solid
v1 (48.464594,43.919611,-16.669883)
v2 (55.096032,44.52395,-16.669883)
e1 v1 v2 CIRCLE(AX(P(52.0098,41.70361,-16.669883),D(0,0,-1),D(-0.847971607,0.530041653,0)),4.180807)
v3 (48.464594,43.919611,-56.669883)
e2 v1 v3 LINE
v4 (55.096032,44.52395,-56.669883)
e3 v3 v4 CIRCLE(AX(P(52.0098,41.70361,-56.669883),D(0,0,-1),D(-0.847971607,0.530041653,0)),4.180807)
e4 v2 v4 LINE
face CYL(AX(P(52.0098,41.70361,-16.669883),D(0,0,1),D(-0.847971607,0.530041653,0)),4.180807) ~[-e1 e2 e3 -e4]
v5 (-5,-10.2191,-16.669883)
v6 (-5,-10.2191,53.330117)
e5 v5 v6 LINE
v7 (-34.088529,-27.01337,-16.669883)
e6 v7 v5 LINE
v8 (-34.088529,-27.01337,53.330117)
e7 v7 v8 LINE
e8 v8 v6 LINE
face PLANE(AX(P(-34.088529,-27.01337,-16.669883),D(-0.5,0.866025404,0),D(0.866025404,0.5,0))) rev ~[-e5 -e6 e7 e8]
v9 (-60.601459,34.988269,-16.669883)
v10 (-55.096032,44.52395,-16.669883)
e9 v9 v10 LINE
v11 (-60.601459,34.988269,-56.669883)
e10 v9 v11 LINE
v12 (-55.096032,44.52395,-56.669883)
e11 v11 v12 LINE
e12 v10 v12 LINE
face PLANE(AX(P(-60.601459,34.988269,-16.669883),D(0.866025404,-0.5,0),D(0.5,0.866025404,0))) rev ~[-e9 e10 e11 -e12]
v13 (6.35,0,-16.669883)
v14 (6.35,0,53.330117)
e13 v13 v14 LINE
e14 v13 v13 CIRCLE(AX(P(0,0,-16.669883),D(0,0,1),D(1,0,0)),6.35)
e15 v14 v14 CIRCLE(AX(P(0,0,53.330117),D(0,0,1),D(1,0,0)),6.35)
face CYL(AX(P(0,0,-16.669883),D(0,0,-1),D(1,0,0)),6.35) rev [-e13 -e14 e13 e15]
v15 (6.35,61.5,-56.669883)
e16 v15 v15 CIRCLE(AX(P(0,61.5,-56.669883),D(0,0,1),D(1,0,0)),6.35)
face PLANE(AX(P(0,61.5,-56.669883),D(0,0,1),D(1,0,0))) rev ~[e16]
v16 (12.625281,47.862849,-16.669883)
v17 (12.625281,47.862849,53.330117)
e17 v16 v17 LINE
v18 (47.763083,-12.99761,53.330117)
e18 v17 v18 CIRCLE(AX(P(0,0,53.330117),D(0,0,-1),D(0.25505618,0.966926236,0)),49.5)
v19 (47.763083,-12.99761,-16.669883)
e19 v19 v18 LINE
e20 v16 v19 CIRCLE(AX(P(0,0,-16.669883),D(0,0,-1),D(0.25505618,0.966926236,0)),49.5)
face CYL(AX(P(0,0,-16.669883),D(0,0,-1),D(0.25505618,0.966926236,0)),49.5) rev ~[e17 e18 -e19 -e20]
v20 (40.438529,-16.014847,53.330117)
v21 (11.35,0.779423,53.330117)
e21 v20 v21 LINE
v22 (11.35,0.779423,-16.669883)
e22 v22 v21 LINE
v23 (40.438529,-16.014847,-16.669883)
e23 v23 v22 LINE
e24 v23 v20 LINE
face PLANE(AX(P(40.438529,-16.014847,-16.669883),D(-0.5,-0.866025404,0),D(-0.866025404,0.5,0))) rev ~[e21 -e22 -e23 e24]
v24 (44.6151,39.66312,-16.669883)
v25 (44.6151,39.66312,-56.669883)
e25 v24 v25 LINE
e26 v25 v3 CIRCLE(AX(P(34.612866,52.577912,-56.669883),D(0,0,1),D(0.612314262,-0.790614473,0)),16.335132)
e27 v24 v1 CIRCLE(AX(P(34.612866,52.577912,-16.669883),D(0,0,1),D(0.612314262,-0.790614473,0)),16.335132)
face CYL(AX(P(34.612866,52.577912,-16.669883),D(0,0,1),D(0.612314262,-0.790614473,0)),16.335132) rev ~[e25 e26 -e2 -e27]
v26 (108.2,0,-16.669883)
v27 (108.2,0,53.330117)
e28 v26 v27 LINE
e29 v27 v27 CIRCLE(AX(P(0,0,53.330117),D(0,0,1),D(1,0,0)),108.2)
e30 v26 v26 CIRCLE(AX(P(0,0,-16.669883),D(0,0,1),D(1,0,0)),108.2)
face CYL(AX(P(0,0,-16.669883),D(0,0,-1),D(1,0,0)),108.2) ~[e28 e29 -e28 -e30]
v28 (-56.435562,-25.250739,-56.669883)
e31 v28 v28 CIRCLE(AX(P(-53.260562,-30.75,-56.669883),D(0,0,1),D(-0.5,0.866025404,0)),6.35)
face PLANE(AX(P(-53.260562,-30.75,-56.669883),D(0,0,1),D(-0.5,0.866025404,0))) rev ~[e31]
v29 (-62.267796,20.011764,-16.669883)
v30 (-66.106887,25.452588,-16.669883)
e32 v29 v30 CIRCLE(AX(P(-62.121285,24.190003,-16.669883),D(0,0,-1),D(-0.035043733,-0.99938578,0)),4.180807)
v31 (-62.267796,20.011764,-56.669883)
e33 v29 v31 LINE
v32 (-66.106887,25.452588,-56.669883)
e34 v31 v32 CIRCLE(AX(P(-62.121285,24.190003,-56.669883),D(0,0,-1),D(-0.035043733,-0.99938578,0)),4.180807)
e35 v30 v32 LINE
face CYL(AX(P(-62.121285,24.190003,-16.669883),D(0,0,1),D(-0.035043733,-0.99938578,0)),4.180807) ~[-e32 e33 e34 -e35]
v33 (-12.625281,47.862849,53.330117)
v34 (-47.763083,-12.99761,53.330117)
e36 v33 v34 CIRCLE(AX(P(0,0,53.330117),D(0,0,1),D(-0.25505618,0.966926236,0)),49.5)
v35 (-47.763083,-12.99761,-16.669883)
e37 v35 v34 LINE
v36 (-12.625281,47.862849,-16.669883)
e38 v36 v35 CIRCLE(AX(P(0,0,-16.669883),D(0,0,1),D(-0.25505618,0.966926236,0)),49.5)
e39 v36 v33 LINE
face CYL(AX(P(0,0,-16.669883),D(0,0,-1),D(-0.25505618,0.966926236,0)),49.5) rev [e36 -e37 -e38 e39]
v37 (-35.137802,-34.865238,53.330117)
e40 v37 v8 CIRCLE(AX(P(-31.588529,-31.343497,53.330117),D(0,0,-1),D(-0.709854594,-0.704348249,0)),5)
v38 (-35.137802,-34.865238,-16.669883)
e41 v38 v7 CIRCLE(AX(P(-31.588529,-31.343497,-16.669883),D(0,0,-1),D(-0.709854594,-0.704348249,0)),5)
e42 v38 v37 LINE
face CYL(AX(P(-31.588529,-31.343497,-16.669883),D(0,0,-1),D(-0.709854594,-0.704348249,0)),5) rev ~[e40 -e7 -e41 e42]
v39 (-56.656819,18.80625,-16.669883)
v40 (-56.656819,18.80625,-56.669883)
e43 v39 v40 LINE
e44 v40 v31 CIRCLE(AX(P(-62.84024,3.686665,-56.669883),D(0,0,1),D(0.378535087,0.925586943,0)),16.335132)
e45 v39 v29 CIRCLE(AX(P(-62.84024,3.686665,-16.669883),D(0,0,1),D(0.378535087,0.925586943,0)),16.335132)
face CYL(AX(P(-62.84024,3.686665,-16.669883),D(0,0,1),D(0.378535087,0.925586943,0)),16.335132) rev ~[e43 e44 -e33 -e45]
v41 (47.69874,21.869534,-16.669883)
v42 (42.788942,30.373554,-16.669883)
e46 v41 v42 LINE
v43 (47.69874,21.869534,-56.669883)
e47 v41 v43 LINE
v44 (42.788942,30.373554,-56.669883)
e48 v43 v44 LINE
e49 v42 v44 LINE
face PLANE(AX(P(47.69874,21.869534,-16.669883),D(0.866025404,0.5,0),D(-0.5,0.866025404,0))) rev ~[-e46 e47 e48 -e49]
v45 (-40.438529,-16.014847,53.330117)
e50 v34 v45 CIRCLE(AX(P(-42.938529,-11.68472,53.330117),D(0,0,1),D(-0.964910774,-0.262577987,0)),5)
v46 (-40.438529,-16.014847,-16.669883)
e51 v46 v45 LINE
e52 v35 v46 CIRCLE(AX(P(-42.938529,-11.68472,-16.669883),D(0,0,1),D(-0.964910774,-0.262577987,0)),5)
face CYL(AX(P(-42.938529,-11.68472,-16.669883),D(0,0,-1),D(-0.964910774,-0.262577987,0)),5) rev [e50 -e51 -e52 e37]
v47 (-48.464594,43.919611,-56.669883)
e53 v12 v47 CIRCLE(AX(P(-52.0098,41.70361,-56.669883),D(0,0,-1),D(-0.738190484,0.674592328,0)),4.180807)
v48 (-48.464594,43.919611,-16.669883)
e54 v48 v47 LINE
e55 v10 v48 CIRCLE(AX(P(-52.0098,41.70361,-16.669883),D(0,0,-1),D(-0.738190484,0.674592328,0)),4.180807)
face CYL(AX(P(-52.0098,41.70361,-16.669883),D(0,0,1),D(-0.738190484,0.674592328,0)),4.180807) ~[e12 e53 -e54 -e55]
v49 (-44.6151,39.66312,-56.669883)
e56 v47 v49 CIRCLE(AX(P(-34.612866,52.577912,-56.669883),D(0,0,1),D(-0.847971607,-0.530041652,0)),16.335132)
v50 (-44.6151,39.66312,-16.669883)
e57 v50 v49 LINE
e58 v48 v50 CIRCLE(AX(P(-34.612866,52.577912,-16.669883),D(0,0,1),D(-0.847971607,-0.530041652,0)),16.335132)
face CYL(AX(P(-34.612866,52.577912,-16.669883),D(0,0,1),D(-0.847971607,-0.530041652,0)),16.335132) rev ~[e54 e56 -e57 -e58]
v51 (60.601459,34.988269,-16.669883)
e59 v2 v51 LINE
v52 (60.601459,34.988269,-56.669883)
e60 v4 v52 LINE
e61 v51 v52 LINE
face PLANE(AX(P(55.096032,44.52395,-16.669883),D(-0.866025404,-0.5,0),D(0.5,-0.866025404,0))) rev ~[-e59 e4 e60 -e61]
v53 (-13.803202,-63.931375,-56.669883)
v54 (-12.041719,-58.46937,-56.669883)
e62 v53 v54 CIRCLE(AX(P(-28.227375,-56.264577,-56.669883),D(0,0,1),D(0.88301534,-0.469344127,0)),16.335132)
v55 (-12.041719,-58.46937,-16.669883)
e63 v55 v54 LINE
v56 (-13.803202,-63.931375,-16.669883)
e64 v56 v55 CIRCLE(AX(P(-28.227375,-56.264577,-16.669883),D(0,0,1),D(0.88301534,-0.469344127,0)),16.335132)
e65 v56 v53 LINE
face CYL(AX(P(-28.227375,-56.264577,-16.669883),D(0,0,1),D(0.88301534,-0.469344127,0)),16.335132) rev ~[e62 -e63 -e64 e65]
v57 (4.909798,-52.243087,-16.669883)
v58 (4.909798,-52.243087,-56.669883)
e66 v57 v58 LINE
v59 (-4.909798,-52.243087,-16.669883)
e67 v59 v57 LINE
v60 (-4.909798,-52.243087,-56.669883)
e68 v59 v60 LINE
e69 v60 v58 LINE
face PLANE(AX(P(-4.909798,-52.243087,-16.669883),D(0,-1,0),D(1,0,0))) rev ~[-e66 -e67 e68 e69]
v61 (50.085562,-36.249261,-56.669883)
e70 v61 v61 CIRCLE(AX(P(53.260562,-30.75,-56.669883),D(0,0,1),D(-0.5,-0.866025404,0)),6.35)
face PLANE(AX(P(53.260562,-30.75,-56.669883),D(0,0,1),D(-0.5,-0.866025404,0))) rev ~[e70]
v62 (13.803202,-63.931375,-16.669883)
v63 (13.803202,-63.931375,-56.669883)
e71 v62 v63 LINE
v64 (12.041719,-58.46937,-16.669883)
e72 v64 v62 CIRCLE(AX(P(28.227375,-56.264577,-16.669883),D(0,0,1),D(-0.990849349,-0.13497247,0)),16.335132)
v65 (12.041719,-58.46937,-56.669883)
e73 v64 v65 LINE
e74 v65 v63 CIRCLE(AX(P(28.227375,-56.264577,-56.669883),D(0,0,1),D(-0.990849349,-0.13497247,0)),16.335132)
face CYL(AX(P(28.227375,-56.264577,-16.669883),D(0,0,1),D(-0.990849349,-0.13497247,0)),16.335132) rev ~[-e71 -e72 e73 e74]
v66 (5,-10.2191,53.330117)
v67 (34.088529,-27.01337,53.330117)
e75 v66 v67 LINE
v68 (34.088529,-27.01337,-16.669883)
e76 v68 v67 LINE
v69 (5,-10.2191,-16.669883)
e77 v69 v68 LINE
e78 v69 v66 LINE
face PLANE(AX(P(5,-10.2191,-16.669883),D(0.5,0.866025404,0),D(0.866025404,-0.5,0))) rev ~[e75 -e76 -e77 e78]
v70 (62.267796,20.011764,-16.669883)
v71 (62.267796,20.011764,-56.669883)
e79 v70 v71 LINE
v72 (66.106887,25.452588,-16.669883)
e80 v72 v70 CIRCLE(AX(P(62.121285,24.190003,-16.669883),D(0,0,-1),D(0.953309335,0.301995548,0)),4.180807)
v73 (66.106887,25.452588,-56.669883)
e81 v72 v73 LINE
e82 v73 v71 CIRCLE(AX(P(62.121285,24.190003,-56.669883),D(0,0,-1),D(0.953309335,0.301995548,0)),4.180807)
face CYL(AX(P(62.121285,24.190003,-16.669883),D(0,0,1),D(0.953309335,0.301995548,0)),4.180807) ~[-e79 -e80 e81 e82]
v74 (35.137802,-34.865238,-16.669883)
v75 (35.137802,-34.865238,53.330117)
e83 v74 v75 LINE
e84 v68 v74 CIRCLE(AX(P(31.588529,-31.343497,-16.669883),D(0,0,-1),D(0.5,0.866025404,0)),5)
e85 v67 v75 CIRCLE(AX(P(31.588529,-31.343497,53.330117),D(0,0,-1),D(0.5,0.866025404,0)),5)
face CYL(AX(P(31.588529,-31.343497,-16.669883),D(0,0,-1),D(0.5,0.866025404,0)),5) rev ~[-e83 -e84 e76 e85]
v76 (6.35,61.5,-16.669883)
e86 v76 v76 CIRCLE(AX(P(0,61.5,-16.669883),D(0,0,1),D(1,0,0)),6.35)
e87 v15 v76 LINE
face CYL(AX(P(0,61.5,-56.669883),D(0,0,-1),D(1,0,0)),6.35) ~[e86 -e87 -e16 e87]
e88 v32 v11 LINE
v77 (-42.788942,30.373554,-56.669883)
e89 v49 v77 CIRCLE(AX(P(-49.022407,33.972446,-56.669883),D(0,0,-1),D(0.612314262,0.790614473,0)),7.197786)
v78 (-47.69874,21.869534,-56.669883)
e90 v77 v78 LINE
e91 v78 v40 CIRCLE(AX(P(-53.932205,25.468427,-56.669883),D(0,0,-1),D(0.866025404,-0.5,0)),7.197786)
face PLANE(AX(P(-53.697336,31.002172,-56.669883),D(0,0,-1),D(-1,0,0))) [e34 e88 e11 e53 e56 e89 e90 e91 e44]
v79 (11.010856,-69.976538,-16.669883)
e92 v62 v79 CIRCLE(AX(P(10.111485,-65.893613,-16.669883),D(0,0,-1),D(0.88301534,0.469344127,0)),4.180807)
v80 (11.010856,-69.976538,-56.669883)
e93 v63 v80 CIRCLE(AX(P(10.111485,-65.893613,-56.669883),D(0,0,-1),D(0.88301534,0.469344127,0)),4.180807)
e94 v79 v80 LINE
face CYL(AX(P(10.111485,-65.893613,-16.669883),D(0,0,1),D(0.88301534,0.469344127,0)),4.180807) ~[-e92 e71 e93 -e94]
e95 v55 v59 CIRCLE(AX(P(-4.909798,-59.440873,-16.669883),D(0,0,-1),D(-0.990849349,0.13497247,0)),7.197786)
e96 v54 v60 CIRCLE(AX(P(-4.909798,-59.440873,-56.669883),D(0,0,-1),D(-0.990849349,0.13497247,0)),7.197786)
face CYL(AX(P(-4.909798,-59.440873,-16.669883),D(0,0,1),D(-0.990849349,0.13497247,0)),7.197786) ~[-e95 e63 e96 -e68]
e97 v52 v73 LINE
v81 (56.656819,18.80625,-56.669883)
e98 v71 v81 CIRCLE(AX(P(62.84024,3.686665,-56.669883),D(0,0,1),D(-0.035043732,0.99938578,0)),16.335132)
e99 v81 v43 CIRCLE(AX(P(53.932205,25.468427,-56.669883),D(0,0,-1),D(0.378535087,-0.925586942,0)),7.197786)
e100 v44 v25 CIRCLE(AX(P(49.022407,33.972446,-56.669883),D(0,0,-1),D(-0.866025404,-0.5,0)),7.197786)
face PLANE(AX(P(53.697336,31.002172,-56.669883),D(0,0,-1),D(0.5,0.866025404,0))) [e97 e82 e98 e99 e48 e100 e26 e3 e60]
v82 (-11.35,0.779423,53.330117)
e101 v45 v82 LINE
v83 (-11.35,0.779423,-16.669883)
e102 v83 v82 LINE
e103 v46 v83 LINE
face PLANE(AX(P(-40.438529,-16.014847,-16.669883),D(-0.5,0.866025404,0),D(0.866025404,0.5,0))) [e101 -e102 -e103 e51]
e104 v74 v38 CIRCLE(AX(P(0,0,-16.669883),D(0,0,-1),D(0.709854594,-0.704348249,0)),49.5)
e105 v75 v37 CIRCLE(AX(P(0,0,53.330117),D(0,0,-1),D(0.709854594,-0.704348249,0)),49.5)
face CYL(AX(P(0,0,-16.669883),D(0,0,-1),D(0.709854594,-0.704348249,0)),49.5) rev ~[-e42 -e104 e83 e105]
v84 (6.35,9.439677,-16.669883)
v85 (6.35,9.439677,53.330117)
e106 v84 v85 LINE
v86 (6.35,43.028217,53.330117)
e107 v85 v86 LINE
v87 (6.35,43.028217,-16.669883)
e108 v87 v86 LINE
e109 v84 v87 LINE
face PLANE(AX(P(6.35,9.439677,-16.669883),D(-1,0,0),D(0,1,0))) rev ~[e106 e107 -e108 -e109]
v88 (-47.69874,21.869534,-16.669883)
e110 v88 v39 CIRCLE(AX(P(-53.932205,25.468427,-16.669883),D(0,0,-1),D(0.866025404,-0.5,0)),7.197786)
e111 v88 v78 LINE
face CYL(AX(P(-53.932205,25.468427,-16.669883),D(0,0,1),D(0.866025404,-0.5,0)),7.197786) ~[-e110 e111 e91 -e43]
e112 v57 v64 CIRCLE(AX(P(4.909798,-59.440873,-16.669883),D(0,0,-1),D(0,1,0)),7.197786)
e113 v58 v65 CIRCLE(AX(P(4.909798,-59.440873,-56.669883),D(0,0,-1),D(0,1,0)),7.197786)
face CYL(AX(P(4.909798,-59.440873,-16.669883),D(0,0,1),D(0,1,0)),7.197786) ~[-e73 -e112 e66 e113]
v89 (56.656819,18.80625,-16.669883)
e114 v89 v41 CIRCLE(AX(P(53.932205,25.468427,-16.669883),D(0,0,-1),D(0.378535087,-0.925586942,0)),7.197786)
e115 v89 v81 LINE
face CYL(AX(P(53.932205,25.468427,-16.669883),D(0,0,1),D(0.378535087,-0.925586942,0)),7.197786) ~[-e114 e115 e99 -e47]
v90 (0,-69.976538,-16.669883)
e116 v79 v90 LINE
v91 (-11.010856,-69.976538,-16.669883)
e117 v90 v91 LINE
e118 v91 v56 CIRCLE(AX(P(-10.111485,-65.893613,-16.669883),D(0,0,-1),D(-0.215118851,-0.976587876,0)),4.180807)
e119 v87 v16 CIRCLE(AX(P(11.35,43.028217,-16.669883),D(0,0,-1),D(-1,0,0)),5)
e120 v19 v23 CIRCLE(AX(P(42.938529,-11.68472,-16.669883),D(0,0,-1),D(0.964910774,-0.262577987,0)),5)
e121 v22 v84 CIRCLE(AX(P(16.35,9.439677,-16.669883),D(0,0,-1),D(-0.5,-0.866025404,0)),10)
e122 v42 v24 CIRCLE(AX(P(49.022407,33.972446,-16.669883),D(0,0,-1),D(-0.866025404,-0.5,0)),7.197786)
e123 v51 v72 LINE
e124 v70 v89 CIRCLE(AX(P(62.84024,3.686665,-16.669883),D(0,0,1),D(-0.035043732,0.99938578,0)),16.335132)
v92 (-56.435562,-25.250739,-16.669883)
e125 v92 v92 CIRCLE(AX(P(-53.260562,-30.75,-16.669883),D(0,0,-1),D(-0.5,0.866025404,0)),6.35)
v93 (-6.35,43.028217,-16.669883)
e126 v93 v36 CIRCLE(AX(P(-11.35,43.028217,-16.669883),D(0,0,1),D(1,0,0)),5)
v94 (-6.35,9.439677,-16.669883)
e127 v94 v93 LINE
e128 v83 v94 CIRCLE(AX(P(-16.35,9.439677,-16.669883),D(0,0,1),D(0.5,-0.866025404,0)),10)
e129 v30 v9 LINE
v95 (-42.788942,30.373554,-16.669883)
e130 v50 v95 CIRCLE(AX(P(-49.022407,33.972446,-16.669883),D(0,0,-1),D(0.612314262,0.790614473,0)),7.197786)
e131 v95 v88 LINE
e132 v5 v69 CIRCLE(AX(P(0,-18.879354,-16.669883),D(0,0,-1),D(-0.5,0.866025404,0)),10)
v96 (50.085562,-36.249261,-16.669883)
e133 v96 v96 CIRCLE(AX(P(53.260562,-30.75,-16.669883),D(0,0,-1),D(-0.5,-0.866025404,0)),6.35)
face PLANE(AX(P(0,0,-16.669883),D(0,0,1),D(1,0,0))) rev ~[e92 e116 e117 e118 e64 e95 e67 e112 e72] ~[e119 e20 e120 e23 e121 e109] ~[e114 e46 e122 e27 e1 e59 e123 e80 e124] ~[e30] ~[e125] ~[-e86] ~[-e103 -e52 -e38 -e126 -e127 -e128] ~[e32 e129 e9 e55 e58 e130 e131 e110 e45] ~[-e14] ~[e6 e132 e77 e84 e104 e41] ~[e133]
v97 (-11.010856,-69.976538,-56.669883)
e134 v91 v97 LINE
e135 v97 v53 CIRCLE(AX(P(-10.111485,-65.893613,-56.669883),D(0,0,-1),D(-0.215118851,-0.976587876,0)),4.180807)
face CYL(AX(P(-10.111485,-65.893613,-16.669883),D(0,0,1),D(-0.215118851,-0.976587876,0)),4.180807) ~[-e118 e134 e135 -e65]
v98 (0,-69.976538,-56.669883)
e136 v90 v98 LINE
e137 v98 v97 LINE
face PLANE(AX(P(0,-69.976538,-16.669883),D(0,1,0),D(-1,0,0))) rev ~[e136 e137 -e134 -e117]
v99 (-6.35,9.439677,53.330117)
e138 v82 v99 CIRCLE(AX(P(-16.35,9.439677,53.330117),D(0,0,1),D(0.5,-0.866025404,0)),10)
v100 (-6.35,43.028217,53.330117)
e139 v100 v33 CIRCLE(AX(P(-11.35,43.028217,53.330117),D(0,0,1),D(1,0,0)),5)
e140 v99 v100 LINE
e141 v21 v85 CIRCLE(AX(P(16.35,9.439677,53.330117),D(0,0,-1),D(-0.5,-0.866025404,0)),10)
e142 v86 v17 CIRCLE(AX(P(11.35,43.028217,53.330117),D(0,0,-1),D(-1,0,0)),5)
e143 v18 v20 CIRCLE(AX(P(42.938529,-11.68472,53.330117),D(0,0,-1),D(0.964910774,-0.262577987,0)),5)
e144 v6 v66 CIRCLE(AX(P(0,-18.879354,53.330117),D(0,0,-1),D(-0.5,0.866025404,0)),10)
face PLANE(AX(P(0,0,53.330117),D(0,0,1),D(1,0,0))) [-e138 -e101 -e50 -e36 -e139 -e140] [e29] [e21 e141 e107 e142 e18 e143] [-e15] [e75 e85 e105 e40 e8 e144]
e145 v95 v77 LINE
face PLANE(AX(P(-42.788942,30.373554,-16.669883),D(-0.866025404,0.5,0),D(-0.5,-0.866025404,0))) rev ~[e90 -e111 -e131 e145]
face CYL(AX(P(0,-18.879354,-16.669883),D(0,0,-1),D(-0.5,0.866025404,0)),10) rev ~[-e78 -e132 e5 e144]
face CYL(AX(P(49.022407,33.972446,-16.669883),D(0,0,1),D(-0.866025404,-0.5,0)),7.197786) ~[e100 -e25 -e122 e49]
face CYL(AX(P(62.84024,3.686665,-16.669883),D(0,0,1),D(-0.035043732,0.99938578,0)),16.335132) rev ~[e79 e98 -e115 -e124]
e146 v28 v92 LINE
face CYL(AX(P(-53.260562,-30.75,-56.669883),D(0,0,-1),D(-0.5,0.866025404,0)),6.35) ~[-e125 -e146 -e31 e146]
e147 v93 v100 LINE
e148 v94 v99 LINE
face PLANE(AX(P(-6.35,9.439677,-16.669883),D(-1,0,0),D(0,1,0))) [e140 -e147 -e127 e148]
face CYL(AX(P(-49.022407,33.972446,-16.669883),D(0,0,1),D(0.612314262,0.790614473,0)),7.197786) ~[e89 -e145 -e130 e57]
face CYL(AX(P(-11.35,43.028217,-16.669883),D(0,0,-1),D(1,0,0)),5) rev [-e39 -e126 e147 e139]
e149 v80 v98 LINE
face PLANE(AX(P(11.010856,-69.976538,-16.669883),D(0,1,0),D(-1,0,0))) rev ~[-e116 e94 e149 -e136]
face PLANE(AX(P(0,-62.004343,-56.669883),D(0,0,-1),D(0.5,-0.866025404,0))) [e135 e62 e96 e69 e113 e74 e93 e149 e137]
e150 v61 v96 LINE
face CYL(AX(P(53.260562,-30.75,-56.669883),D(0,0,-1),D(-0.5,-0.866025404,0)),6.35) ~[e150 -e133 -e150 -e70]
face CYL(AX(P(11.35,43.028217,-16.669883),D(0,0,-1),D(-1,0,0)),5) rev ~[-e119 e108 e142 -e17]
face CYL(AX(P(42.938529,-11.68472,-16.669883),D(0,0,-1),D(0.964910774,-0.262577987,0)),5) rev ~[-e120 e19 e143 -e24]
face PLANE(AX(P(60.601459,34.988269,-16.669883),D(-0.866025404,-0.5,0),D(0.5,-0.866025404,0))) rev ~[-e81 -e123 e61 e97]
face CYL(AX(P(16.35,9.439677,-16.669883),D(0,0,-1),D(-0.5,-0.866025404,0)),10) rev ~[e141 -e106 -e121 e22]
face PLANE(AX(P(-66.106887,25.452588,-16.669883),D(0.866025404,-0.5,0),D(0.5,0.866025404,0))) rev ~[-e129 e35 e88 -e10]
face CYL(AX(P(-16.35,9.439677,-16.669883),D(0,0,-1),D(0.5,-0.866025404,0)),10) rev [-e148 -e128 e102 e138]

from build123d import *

# Parameters (mm, degrees)
SKETCH1_R                    = 54.1
SKETCH1_R_2                  = 3.175
BOSS_EXTRUDE1_DEPTH          = 35
BOSS_EXTRU_3_START           = -35
BOSS_EXTRU_3_DEPTH           = 20
R_P_TITION_CIRCULAIRE3_COUNT = 3
BOSS_EXTRU_4_START           = -55
ESQUISSE3_R                  = 3.175
BOSS_EXTRU_4_DEPTH           = 55
R_P_TITION_CIRCULAIRE4_COUNT = 3
ECHELLE1_SCALE               = 2


with BuildPart() as part:
    # Sketch1 → Boss-Extrude1 (new body)
    with BuildSketch(Plane.XY):
        Circle(SKETCH1_R)
        with Locations((0, 30.75)):
            Circle(SKETCH1_R_2, mode=Mode.SUBTRACT)
        with Locations((26.630281166, -15.375)):
            Circle(SKETCH1_R_2, mode=Mode.SUBTRACT)
        with Locations((-26.630281166, -15.375)):
            Circle(SKETCH1_R_2, mode=Mode.SUBTRACT)
        Circle(SKETCH1_R_2, mode=Mode.SUBTRACT)
        with BuildLine():
            Line((-3.175, 4.719838451), (-3.175, 21.514108743))
            ThreePointArc((-3.175, 21.514108743), (-4.149238079, 23.494525508), (-6.312640449, 23.931424332))
            ThreePointArc((-6.312640449, 23.931424332), (-21.434128744, 12.375), (-23.881541645, -6.498805172))
            ThreePointArc((-23.881541645, -6.498805172), (-22.421474979, -8.153917171), (-20.219264711, -8.007423714))
            Line((-20.219264711, -8.007423714), (-5.675, 0.389711432))
            ThreePointArc((-5.675, 0.389711432), (-3.844872981, 2.219838451), (-3.175, 4.719838451))
        make_face(mode=Mode.SUBTRACT)
        with BuildLine():
            Line((3.175, 4.719838451), (3.175, 21.514108743))
            ThreePointArc((3.175, 21.514108743), (4.149238079, 23.494525508), (6.312640449, 23.931424332))
            ThreePointArc((6.312640449, 23.931424332), (21.434128744, 12.375), (23.881541645, -6.498805172))
            ThreePointArc((23.881541645, -6.498805172), (22.421474979, -8.153917171), (20.219264711, -8.007423714))
            Line((20.219264711, -8.007423714), (5.675, 0.389711432))
            ThreePointArc((5.675, 0.389711432), (3.844872981, 2.219838451), (3.175, 4.719838451))
        make_face(mode=Mode.SUBTRACT)
        with BuildLine():
            Line((2.5, -5.109549882), (17.044264711, -13.506685028))
            ThreePointArc((17.044264711, -13.506685028), (18.2722369, -15.340608337), (17.568901196, -17.43261916))
            ThreePointArc((17.568901196, -17.43261916), (0, -24.75), (-17.568901196, -17.43261916))
            ThreePointArc((-17.568901196, -17.43261916), (-18.2722369, -15.340608337), (-17.044264711, -13.506685028))
            Line((-17.044264711, -13.506685028), (-2.5, -5.109549882))
            ThreePointArc((-2.5, -5.109549882), (0, -4.439676901), (2.5, -5.109549882))
        make_face(mode=Mode.SUBTRACT)
    extrude(amount=BOSS_EXTRUDE1_DEPTH)

    # Esquisse1 → Boss.-Extru.3 (add)
    with BuildSketch(Plane.XY.offset(35).offset(BOSS_EXTRU_3_START)):
        with BuildLine():
            Line((-21.394470874, 15.186776811), (-23.849369957, 10.934766872))
            ThreePointArc((-23.849369957, 10.934766872), (-25.80163538, 9.32891658), (-28.328409714, 9.4031251))
            ThreePointArc((-28.328409714, 9.4031251), (-29.704475683, 9.828675415), (-31.133898102, 10.005881992))
            ThreePointArc((-31.133898102, 10.005881992), (-32.768655428, 10.889813252), (-33.053443696, 12.726294025))
            Line((-33.053443696, 12.726294025), (-30.300729733, 17.494134468))
            Line((-30.300729733, 17.494134468), (-27.548015769, 22.261974911))
            ThreePointArc((-27.548015769, 22.261974911), (-25.815182633, 22.933581423), (-24.232297044, 21.959805679))
            ThreePointArc((-24.232297044, 21.959805679), (-23.364120437, 20.81049284), (-22.307550068, 19.831559912))
            ThreePointArc((-22.307550068, 19.831559912), (-20.979896438, 17.680413408), (-21.394470874, 15.186776811))
        make_face()
    boss_extru_3 = extrude(amount=-BOSS_EXTRU_3_DEPTH)

    # Répétition circulaire3: Boss.-Extru.3 ×3 about axis
    r_p_tition_circulaire3_axis = Axis((0, 0, 0), (0, 0, 1))
    for i in range(1, R_P_TITION_CIRCULAIRE3_COUNT):
        add(boss_extru_3.rotate(r_p_tition_circulaire3_axis, i * 360 / R_P_TITION_CIRCULAIRE3_COUNT))

    # Esquisse3 → Boss.-Extru.4 (add)
    with BuildSketch(Plane.XY.offset(35).offset(BOSS_EXTRU_4_START)):
        with Locations((0, 30.75)):
            Circle(ESQUISSE3_R)
    boss_extru_4 = extrude(amount=BOSS_EXTRU_4_DEPTH)

    # Répétition circulaire4: Boss.-Extru.4 ×3 about axis
    r_p_tition_circulaire4_axis = Axis((0, 0, 0), (0, 0, 1))
    for i in range(1, R_P_TITION_CIRCULAIRE4_COUNT):
        add(boss_extru_4.rotate(r_p_tition_circulaire4_axis, i * 360 / R_P_TITION_CIRCULAIRE4_COUNT))


with BuildPart() as part_1:
    # Echelle1: scaled about (0, 0, 16.669882878)
    add(part.part.scale(ECHELLE1_SCALE).moved(Location((0, 0, -16.669882878))))


solid = part_1.part
